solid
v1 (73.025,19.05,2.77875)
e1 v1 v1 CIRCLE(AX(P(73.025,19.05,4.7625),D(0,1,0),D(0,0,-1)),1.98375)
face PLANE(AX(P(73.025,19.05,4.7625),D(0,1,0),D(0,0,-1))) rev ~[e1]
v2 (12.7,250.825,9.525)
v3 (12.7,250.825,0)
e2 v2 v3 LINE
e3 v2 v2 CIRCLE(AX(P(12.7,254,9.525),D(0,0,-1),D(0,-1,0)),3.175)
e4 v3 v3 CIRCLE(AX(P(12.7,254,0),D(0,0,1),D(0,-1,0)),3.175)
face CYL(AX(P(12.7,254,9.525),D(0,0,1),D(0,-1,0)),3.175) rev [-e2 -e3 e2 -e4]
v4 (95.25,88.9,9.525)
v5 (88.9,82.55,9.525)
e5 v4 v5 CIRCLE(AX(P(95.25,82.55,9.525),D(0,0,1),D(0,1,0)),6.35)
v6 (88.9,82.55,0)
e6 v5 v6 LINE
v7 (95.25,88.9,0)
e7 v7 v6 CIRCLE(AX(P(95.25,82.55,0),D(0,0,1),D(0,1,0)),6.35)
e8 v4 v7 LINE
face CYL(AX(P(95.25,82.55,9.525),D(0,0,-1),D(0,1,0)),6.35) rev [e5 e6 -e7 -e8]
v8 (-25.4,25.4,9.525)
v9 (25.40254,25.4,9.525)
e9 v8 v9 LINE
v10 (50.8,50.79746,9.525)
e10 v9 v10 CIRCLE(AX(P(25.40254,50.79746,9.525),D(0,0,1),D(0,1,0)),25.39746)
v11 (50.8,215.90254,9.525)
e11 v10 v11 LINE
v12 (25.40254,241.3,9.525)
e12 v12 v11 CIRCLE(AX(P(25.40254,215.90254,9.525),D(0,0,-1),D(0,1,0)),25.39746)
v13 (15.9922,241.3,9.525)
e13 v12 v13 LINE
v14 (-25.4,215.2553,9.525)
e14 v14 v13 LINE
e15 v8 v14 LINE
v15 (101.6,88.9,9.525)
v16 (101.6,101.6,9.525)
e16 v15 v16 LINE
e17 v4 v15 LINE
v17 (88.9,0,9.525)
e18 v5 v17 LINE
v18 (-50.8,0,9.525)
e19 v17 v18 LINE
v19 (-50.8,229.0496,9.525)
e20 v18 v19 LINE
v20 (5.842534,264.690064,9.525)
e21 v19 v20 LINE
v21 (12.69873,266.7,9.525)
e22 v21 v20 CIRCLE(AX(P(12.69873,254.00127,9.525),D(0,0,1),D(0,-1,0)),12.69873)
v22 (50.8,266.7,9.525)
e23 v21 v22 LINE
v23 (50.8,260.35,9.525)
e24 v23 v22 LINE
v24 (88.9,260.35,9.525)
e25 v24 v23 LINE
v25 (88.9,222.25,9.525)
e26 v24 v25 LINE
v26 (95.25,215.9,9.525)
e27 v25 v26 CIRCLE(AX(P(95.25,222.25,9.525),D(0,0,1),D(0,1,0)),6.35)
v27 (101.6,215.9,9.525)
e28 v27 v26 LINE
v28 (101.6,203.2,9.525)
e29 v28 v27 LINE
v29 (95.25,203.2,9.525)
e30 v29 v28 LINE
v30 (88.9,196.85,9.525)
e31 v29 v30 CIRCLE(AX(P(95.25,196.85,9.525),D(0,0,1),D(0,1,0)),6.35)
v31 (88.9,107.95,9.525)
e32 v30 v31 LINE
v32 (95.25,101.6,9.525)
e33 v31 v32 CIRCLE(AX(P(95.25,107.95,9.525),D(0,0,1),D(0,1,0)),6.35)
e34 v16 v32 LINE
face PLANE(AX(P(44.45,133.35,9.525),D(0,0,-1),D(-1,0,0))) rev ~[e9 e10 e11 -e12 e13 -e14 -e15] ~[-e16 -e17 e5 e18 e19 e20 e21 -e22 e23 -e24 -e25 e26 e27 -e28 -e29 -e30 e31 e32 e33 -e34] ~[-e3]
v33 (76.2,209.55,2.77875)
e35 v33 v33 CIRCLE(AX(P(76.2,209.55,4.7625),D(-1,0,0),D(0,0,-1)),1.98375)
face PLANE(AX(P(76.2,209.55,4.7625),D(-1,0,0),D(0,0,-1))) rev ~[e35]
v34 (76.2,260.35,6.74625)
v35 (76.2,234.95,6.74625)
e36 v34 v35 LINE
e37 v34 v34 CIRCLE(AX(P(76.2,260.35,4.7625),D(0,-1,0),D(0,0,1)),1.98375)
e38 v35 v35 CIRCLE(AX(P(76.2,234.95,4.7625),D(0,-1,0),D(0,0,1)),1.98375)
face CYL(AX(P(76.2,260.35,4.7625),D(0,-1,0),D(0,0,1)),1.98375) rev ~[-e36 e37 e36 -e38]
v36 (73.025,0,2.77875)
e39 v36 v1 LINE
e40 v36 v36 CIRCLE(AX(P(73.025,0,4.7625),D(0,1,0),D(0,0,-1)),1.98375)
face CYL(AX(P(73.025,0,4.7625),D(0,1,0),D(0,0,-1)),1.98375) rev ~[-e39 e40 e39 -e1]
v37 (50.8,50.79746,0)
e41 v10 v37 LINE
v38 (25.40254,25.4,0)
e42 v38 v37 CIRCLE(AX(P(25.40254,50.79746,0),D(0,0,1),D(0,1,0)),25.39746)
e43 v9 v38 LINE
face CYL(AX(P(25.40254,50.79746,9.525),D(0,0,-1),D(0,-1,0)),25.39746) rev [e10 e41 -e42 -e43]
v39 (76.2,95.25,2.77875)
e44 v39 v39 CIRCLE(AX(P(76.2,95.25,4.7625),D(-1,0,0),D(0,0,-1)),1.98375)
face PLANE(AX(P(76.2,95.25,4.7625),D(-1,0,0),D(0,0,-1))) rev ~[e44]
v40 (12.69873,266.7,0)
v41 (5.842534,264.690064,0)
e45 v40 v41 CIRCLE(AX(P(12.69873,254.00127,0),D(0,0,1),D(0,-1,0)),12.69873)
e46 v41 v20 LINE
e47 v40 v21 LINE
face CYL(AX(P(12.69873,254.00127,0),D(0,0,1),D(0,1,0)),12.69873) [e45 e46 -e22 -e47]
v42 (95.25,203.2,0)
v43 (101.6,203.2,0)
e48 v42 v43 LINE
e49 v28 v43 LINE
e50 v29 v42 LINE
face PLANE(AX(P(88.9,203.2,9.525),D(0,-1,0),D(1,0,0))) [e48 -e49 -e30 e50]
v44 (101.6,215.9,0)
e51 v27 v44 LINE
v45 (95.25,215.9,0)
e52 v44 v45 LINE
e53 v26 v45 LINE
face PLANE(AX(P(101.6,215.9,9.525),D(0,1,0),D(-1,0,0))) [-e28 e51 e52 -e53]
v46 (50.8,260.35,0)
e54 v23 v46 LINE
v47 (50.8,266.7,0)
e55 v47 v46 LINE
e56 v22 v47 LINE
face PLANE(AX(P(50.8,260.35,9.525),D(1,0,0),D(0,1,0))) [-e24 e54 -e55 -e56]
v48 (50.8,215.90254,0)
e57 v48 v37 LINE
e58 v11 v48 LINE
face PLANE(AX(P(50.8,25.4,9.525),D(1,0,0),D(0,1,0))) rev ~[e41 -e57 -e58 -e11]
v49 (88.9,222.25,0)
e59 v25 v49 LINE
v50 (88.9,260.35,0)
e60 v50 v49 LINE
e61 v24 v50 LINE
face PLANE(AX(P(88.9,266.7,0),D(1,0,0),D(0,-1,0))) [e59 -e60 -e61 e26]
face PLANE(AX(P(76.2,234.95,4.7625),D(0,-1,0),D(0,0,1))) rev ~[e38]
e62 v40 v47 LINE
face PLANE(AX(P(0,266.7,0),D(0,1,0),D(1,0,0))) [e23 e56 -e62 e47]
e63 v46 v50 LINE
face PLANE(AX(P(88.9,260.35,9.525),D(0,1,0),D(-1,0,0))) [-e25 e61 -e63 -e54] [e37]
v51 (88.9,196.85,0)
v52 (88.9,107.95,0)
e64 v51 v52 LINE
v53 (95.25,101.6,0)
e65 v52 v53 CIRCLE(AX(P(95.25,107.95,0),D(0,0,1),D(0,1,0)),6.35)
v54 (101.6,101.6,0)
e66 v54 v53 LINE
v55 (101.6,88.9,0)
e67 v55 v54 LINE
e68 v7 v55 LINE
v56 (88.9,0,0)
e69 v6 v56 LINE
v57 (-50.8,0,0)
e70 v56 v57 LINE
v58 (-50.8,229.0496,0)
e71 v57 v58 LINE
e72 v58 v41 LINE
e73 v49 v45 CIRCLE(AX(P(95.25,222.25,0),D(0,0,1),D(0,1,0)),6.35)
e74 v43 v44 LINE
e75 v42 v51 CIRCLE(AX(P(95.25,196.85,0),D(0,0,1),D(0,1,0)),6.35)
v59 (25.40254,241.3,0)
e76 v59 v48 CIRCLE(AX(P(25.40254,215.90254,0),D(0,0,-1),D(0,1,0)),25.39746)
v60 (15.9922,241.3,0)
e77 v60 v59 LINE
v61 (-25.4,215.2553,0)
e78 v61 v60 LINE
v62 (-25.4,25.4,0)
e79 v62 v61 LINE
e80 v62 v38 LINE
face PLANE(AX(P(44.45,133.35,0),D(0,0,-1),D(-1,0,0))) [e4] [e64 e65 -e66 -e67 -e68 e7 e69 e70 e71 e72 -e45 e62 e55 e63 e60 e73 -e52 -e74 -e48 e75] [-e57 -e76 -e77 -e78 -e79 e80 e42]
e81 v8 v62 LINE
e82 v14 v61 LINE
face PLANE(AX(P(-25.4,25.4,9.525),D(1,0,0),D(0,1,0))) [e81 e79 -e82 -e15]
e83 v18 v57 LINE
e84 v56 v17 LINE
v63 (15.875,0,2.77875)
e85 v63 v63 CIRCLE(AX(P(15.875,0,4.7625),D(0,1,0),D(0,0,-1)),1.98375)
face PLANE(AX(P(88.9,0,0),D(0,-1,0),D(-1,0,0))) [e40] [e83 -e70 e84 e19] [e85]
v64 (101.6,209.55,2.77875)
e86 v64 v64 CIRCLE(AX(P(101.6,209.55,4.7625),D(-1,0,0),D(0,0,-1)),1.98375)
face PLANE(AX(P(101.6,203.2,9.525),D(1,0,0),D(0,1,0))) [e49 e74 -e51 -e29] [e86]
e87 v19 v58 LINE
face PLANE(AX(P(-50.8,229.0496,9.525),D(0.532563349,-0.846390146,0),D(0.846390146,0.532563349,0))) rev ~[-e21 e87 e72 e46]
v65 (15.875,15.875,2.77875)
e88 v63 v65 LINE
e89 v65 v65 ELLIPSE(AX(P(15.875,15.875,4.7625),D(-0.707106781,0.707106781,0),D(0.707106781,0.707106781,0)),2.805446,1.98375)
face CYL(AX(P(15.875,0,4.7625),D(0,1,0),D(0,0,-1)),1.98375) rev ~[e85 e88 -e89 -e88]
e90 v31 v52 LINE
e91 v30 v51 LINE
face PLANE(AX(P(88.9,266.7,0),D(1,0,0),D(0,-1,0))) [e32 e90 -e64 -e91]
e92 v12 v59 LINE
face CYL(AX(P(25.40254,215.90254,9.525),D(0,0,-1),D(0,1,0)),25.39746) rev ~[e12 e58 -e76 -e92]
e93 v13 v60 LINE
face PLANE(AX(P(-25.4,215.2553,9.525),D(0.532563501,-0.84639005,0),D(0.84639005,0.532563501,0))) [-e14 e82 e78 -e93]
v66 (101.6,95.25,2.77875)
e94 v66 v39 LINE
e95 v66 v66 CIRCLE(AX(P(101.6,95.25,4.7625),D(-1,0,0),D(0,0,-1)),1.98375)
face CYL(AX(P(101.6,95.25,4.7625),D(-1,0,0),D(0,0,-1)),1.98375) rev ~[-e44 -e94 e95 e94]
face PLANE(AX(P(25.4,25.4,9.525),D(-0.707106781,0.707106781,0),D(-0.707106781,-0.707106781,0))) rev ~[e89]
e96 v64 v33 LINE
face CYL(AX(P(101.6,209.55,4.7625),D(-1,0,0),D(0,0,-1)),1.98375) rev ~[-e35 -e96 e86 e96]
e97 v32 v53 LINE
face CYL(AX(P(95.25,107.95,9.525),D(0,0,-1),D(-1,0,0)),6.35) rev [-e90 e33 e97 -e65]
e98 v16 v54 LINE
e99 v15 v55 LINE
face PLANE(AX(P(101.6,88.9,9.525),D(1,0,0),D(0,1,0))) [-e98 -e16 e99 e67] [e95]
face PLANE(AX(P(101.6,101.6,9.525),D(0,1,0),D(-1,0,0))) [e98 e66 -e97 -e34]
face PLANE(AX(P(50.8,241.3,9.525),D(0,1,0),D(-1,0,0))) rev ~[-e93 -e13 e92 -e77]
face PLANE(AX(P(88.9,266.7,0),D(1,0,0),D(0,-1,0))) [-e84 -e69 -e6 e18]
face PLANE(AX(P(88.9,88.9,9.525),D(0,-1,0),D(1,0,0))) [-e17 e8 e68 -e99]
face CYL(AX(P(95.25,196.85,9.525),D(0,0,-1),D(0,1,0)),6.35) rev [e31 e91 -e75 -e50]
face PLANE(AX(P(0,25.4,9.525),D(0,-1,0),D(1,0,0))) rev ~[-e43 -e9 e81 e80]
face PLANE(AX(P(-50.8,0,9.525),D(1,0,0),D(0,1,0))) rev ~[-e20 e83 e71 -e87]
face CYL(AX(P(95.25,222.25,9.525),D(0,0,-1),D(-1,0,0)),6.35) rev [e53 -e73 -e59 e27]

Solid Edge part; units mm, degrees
sketch "Sketch1" plane through (0, 0, 0) normal (0, 0, 1) x (1, 0, 0)
  line L0 (0, 0) -> (0, 266.7)
  line L1 (0, 266.7) -> (88.9, 266.7)
  line L2 (88.9, 266.7) -> (88.9, 0)
  line L3 (88.9, 0) -> (0, 0)
  dimension "D1" = 88.9
  dimension "D2" = 266.7
extrude "Protrusion1" add sketch "Sketch1" along normal blind 9.525
sketch "Sketch2" plane through (38.1, 127, 9.525) normal (0, 0, 1) x (1, 0, 0)
  line L0 (-38.1, 114.3) -> (-38.1, -101.6)
  line L1 (-38.1, -101.6) -> (12.7, -101.6)
  line L2 (12.7, -101.6) -> (12.7, 114.3)
  line L3 (12.7, 114.3) -> (-38.1, 114.3)
  dimension "D1" = 25.4
  dimension "D2" = 25.4
  dimension "D3" = 50.8
extrude "Cutout1" cut sketch "Sketch2" against normal through all
hole "Hole_1" at (12.7, 254, 9.525) direction (0, 0, -1) diameter 6.35 end through all
fillet "Round_1" radius 12.7 2 edges at (0, 266.7, 4.7625) (0, 241.3, 4.7625)
fillet "Round_2" radius 25.4 3 edges at (50.8, 241.3, 4.7625) (50.8, 25.4, 4.7625) (0, 25.4, 4.7625)
hole "Hole_9" at (73.025, 0, 4.7625) direction (0, 1, 0) diameter 3.9675 depth 19.05
hole "Hole1" at (15.875, 0, 4.7625) direction (0, 1, 0) diameter 3.9675 depth 19.05
sketch "Sketch3" plane through (44.45, 133.35, 9.525) normal (0, 0, 1) x (1, 0, 0)
  line L0 (44.45, 133.35) -> (44.45, 127)
  line L1 (44.45, 127) -> (6.35, 127)
  line L2 (6.35, 127) -> (6.35, 133.35)
  line L3 (6.35, 133.35) -> (44.45, 133.35)
  dimension "D1" = 38.1
  dimension "D2" = 6.35
extrude "Cutout2" cut sketch "Sketch3" against normal through all
hole "Hole_3" at (76.2, 260.35, 4.7625) direction (0, -1, 0) diameter 3.9675 depth 25.4
sketch "Sketch4" plane through (44.45, 133.35, 9.525) normal (0, 0, 1) x (0, 1, 0)
  line L0 (69.85, -44.45) -> (69.85, -57.15)
  line L1 (69.85, -57.15) -> (82.55, -57.15)
  line L2 (82.55, -57.15) -> (82.55, -44.45)
  line L3 (82.55, -44.45) -> (69.85, -44.45)
  line L4 (-44.45, -44.45) -> (-44.45, -57.15)
  line L5 (-44.45, -57.15) -> (-31.75, -57.15)
  line L6 (-31.75, -57.15) -> (-31.75, -44.45)
  line L7 (-31.75, -44.45) -> (-44.45, -44.45)
  dimension "D1" = 12.7
  dimension "D2" = 12.7
  dimension "D3" = 88.9
  dimension "D4" = 12.7
  dimension "D5" = 12.7
  dimension "D6" = 101.6
extrude "ExtrudedProtrusion_2" add sketch "Sketch4" against normal blind 9.525
hole "Hole2" at (101.6, 95.25, 4.7625) direction (-1, 0, 0) diameter 3.9675 depth 25.4
hole "Hole3" at (101.6, 209.55, 4.7625) direction (-1, 0, 0) diameter 3.9675 depth 25.4
fillet "Round_3" radius 6.35 4 edges at (88.9, 88.9, 4.7625) (88.9, 101.6, 4.7625) (88.9, 203.2, 4.7625) (88.9, 215.9, 4.7625)
sketch "Sketch5" plane through (50.8, 133.35, 9.525) normal (0, 0, 1) x (1, 0, 0)
  line L0 (-101.6, 95.6996) -> (-44.8636, 131.3992)
  arc A0 (-38.1, 107.95) -> (-44.8636, 131.3992) centre (-38.1, 120.65) cw
  line L1 (-38.1, 107.95) -> (-34.8078, 107.95)
  line L2 (-76.2, 81.9053) -> (-34.8078, 107.95)
  line L3 (-76.2, -107.95) -> (-76.2, 81.9053)
  line L4 (-25.4, -107.95) -> (-76.2, -107.95)
  line L5 (-25.4, -107.95) -> (-50.8, -133.35)
  line L6 (-50.8, -133.35) -> (-101.6, -133.35)
  line L7 (-101.6, -133.35) -> (-101.6, 95.6996)
extrude "ExtrudedProtrusion_3" add sketch "Sketch5" against normal blind 9.525
properties part number "CHAS-02"
